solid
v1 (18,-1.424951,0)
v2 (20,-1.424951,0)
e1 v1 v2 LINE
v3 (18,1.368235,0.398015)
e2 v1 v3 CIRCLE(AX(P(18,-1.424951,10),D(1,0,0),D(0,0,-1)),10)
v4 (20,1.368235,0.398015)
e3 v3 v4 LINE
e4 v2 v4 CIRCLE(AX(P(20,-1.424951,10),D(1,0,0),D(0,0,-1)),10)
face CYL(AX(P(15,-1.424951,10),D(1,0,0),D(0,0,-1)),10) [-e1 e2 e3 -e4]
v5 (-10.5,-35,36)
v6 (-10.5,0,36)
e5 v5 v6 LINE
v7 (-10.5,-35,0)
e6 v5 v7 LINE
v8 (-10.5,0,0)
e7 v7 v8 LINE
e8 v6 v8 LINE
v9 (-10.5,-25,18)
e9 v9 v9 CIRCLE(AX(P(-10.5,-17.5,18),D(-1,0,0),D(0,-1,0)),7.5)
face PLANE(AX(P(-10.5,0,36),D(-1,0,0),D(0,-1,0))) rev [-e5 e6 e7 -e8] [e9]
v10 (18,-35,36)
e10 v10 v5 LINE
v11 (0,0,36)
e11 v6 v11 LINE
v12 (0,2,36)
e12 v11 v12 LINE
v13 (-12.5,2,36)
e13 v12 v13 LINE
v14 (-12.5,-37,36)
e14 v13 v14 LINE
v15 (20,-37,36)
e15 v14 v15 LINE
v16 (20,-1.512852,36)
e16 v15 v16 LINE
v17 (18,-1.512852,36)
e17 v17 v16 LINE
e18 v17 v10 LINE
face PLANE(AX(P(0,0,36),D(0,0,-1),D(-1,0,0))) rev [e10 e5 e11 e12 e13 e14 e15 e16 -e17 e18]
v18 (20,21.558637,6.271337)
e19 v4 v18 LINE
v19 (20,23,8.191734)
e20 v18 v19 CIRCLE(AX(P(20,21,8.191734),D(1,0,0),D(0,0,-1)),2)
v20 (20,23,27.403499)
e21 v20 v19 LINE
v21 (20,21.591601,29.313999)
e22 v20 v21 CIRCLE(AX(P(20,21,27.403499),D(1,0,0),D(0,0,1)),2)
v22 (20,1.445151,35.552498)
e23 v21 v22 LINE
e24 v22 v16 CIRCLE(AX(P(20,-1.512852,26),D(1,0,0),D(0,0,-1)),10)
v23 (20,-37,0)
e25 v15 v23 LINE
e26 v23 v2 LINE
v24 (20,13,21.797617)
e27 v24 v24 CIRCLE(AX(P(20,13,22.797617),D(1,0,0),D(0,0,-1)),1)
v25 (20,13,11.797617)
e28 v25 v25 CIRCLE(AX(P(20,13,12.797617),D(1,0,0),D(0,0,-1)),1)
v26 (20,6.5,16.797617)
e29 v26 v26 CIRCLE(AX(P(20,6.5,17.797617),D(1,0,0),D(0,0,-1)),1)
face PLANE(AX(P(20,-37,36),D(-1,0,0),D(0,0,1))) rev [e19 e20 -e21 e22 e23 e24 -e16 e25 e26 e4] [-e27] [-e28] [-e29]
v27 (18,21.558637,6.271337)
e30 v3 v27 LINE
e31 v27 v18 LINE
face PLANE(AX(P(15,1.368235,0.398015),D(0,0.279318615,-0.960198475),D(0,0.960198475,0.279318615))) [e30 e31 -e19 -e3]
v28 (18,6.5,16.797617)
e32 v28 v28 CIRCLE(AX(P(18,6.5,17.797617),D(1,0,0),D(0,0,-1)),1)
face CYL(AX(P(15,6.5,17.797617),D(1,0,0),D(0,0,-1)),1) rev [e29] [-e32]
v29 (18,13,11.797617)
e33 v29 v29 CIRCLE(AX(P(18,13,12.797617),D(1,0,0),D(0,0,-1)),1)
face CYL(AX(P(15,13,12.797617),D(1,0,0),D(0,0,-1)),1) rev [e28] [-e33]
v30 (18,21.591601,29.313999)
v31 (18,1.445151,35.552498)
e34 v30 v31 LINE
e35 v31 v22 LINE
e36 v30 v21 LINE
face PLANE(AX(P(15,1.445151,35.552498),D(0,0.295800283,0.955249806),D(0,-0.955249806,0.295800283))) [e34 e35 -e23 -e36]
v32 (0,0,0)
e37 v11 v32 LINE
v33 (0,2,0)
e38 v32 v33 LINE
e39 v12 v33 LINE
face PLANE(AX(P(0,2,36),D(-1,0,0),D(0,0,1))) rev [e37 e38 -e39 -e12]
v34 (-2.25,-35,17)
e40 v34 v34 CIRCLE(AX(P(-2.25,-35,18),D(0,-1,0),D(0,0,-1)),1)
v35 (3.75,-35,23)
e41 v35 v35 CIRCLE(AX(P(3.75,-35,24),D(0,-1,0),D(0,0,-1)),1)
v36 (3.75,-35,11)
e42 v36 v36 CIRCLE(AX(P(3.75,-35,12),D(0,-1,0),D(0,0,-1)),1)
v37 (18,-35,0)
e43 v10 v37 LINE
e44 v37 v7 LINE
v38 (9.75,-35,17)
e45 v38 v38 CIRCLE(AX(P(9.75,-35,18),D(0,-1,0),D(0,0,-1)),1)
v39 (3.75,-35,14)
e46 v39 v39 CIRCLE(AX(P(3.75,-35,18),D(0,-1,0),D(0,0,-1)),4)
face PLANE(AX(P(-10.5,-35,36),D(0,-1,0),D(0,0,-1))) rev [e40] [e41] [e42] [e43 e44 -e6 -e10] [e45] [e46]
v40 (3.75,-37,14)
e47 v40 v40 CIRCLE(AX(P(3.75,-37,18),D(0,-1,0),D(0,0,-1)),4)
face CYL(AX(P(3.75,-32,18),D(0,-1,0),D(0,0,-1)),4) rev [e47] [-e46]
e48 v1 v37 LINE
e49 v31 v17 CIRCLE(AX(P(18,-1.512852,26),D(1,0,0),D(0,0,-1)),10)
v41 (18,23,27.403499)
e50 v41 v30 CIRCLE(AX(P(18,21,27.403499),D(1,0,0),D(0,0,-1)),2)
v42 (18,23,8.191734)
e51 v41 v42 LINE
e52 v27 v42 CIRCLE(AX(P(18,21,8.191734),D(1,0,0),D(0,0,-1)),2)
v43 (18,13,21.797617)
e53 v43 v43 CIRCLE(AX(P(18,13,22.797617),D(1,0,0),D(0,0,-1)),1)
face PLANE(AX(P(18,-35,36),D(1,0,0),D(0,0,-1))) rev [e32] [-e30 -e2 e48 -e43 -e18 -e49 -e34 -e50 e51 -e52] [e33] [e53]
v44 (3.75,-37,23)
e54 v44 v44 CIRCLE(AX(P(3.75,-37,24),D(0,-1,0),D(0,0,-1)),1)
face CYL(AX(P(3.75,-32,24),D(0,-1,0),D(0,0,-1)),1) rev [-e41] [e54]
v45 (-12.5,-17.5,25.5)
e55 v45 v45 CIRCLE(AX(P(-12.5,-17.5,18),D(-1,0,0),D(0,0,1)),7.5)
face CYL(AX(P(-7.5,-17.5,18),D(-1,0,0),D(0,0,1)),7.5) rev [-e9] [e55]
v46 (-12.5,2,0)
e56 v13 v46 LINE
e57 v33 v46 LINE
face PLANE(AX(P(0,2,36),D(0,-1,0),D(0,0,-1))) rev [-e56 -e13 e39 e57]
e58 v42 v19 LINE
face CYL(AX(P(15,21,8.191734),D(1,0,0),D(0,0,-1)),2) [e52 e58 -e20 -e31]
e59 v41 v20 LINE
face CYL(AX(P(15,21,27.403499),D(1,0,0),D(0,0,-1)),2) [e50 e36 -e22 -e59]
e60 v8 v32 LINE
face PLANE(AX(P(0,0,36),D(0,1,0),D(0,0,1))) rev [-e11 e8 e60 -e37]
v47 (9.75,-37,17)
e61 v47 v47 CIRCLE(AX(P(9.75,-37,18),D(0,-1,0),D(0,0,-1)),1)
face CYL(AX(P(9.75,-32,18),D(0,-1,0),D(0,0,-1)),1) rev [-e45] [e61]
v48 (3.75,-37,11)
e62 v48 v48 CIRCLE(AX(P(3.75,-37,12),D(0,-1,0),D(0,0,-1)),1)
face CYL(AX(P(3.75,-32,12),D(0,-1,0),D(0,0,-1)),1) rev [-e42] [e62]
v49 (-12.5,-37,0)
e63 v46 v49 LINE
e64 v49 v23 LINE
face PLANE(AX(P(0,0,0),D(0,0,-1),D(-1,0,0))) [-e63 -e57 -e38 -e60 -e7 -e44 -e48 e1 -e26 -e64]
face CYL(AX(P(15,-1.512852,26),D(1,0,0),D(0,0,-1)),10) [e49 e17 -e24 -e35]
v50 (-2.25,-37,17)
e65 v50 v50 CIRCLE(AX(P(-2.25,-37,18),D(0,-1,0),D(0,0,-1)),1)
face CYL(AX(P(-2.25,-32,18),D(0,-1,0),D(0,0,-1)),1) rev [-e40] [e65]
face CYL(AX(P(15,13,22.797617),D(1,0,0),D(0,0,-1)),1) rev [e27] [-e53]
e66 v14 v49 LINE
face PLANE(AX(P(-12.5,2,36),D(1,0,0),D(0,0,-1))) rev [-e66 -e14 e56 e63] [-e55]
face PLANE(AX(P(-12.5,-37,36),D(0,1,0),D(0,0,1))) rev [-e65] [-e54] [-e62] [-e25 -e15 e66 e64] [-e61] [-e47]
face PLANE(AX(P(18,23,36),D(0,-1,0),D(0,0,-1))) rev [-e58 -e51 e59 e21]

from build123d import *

# Parameters (mm, degrees)
BOSS_EXTRUDE1_DEPTH = 36
SKETCH2_OUTSIDE_W   = 53.43
SKETCH2_OUTSIDE_H   = 77.43
SKETCH2_OUTSIDE_R   = 1
CUT_EXTRUDE2_DEPTH  = 5
SKETCH3_R           = 7.5
CUT_EXTRUDE3_DEPTH  = 5
SKETCH4_R           = 4
SKETCH4_R_2         = 1
CUT_EXTRUDE5_DEPTH  = 5


with BuildPart() as part:
    # Sketch1 → Boss-Extrude1 (new body)
    with BuildSketch(Plane.XY):
        Polygon((0, 0), (-10.5, 0), (-10.5, -35), (18, -35), (18, 23), (20, 23), (20, -37), (-12.5, -37), (-12.5, 2), (0, 2), align=None)
    extrude(amount=BOSS_EXTRUDE1_DEPTH)

    # Sketch2 outside → Cut-Extrude2 (cut)
    # profile 1 of 4: a face of its own
    with BuildSketch(Plane(origin=(20, 0, 0), x_dir=(0, 0, -1), z_dir=(1, 0, 0))):
        with Locations((-18, -7)):
            Rectangle(SKETCH2_OUTSIDE_W, SKETCH2_OUTSIDE_H)
        with BuildLine():
            Line((-27.403498968, 23), (-8.191734442, 23))
            ThreePointArc((-8.191734442, 23), (-6.991166755, 22.599574078), (-6.271337492, 21.55863723))
            Line((-6.271337492, 21.55863723), (-0.398015251, 1.368235471))
            ThreePointArc((-0.398015251, 1.368235471), (-0.100003851, -0.014250056), (0, -1.424950681))
            Line((0, -1.424950681), (0, -37))
            Line((0, -37), (-36, -37))
            Line((-36, -37), (-36, -1.512851617))
            ThreePointArc((-36, -1.512851617), (-35.887491609, -0.01702085), (-35.552498063, 1.445151214))
            Line((-35.552498063, 1.445151214), (-29.313998581, 21.591600566))
            ThreePointArc((-29.313998581, 21.591600566), (-28.590259025, 22.609844889), (-27.403498968, 23))
        make_face(mode=Mode.SUBTRACT)
    # profile 2 of 4: a face of its own
    with BuildSketch(Plane(origin=(20, 0, 0), x_dir=(0, 0, -1), z_dir=(1, 0, 0))):
        with Locations((-17.797616705, 6.5)):
            Circle(SKETCH2_OUTSIDE_R)
    # profile 3 of 4: a face of its own
    with BuildSketch(Plane(origin=(20, 0, 0), x_dir=(0, 0, -1), z_dir=(1, 0, 0))):
        with Locations((-22.797616705, 13)):
            Circle(SKETCH2_OUTSIDE_R)
    # profile 4 of 4: a face of its own
    with BuildSketch(Plane(origin=(20, 0, 0), x_dir=(0, 0, -1), z_dir=(1, 0, 0))):
        with Locations((-12.797616705, 13)):
            Circle(SKETCH2_OUTSIDE_R)
    extrude(amount=-CUT_EXTRUDE2_DEPTH, mode=Mode.SUBTRACT)

    # Sketch3 → Cut-Extrude3 (cut)
    with BuildSketch(Plane.ZY.offset(12.5)):
        with Locations((18, -17.5)):
            Circle(SKETCH3_R)
    extrude(amount=-CUT_EXTRUDE3_DEPTH, mode=Mode.SUBTRACT)

    # Sketch4 → Cut-Extrude5 (cut)
    with BuildSketch(Plane.XZ.offset(37)):
        with Locations(Location((3.75, 18, 0), (0, 0, 270))):
            Circle(SKETCH4_R)
        with Locations(Location((3.75, 12, 0), (0, 0, 270))):
            Circle(SKETCH4_R_2)
        with Locations(Location((3.75, 24, 0), (0, 0, 270))):
            Circle(SKETCH4_R_2)
        with Locations(Location((9.75, 18, 0), (0, 0, 270))):
            Circle(SKETCH4_R_2)
        with Locations(Location((-2.25, 18, 0), (0, 0, 270))):
            Circle(SKETCH4_R_2)
    extrude(amount=-CUT_EXTRUDE5_DEPTH, mode=Mode.SUBTRACT)


solid = part.part
